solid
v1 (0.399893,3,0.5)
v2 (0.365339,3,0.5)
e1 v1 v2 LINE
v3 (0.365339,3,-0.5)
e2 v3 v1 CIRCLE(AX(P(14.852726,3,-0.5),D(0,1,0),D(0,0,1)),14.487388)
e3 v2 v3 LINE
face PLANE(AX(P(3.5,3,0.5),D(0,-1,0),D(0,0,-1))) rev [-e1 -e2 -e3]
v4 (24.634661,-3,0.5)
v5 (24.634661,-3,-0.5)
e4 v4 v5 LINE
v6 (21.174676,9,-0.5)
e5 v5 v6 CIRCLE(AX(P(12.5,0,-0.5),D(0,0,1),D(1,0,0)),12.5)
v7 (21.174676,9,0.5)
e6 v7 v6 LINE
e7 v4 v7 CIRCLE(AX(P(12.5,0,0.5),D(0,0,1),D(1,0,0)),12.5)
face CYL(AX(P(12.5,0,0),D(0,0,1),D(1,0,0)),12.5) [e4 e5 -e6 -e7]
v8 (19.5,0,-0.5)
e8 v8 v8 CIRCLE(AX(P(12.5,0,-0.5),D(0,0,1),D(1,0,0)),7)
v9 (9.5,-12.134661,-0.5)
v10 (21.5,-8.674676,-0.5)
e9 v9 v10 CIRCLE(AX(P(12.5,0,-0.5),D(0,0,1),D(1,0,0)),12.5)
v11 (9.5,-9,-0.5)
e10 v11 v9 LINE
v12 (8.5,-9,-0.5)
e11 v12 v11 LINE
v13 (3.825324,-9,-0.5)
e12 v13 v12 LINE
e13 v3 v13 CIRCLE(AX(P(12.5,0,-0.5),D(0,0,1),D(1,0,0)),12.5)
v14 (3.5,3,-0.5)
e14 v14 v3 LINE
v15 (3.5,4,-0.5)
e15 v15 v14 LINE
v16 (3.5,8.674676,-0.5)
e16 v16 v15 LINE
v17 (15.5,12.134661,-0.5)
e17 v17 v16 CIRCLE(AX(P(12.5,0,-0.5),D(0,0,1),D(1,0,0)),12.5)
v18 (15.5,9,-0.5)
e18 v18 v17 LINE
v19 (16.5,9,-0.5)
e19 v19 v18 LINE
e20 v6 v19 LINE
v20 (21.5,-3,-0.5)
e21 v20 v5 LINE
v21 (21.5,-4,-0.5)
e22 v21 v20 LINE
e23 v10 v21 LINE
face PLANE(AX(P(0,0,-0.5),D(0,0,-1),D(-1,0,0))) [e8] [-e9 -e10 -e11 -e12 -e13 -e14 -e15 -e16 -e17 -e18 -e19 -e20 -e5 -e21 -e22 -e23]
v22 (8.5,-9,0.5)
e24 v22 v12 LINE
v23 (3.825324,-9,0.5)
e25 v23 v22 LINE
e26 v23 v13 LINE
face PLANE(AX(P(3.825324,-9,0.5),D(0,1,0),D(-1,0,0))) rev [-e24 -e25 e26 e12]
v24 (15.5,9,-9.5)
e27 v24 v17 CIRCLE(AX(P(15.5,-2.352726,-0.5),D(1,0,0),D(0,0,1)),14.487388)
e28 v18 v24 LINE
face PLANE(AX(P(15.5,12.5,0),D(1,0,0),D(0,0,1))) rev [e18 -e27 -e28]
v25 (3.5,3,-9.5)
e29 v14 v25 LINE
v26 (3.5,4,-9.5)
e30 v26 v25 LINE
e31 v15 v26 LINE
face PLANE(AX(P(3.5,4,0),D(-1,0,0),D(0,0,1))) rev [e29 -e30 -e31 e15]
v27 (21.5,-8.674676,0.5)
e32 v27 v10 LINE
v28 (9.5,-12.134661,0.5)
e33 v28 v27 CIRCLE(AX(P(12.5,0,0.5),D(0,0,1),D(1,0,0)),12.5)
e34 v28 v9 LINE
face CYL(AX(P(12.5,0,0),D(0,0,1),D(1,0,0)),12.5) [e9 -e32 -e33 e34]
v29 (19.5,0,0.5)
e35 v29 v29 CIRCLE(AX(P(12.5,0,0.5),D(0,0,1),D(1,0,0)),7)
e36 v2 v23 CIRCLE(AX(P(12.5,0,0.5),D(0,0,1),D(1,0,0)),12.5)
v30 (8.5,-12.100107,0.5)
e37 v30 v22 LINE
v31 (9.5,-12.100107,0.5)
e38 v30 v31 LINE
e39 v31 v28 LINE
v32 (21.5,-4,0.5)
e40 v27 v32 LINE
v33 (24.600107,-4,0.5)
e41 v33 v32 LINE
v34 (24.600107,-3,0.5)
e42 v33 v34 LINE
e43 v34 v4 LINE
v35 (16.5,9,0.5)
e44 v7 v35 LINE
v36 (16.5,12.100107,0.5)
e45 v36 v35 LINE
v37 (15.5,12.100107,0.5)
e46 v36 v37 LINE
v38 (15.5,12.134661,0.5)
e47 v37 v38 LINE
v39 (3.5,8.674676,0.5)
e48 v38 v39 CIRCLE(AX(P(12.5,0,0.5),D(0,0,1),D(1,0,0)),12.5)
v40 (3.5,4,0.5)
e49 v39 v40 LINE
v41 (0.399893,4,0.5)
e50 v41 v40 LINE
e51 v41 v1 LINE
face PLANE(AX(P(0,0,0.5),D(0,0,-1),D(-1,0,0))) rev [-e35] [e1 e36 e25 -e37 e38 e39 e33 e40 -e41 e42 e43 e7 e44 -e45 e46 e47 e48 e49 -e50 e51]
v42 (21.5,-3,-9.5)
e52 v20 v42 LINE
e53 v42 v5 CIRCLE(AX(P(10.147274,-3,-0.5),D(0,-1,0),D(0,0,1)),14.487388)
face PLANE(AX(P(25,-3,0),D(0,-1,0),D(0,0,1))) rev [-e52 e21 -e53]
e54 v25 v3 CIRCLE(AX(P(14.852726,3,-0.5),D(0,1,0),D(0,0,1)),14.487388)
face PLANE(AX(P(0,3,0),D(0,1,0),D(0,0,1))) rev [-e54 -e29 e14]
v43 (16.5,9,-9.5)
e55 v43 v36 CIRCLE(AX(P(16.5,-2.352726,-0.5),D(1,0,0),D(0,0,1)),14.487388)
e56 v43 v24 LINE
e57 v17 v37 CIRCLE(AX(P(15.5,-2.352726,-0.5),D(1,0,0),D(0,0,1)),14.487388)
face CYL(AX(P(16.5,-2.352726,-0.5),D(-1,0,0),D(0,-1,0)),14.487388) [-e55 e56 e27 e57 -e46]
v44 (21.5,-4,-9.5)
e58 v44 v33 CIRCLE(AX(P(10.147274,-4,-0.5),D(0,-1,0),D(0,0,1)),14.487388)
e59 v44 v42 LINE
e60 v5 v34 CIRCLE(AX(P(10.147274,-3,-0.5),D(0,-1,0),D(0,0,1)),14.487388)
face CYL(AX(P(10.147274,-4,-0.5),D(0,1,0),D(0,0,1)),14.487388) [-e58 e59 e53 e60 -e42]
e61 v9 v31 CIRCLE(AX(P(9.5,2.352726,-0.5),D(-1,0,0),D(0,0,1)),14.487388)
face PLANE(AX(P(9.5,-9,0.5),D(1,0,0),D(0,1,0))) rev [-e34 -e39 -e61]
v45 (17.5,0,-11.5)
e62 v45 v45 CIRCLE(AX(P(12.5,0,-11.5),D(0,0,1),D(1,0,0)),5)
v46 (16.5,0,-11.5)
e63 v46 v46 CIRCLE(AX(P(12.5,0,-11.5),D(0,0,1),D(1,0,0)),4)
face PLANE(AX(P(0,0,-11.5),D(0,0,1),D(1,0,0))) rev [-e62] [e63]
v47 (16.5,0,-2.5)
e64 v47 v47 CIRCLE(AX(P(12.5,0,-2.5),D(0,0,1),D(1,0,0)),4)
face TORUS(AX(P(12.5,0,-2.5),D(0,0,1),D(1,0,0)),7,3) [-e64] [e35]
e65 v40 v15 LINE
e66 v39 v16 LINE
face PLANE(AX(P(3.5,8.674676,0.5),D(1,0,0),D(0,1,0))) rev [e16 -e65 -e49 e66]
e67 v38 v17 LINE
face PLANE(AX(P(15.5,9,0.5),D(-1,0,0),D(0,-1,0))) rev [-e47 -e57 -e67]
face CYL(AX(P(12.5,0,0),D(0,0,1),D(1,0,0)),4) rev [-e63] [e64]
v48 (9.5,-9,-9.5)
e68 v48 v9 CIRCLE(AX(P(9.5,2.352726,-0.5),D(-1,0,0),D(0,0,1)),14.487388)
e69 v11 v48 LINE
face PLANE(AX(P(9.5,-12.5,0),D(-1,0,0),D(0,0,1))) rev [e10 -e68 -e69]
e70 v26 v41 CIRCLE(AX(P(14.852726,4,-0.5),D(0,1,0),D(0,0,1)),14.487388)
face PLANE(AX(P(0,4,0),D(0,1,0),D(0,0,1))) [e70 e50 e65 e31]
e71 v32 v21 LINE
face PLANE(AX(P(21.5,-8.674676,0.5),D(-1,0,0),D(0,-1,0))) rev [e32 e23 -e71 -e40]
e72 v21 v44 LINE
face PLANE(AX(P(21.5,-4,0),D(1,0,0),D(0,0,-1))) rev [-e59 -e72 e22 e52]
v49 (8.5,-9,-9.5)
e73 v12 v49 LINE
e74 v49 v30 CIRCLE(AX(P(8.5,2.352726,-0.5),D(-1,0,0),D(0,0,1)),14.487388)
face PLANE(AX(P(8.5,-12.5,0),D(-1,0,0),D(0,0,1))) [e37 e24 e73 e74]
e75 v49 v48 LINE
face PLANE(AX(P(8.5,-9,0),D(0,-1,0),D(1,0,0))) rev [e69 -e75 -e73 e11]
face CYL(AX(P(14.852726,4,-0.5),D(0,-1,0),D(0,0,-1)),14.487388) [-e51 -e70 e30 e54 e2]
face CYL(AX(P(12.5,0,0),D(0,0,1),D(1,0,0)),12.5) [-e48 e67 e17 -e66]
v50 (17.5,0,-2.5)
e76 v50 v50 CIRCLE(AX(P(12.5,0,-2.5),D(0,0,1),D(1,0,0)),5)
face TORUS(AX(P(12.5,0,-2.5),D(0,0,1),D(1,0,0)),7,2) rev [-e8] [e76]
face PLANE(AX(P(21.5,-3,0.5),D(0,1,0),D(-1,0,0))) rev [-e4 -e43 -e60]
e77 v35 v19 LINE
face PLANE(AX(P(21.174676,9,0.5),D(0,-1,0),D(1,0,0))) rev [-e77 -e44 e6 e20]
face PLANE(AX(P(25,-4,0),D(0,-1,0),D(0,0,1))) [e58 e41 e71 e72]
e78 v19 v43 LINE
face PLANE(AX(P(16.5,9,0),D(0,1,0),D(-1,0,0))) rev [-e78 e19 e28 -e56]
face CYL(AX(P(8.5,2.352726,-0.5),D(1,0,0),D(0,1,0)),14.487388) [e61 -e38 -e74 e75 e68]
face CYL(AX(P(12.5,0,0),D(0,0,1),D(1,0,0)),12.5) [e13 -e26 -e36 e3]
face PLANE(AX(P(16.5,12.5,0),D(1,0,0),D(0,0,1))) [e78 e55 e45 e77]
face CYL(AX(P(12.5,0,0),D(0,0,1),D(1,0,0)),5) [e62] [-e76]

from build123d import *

# Parameters (mm, degrees)
CUT_EXTRUDE1_DEPTH      = 12
CUT_EXTRUDE1_DEPTH_BACK = 2
BOSS_EXTRUDE1_DEPTH     = 1
CIRPATTERN4_COUNT       = 4


with BuildPart() as part:
    # Sketch1 → Revolve1 (revolve)
    with BuildSketch(Plane(origin=(0, 0, 0), x_dir=(1, 0, 0), z_dir=(0, 1, 0))):
        with BuildLine():
            Line((8.5, 7.032838072), (8.5, 2.5))
            ThreePointArc((8.5, 2.5), (7.621320344, 0.378679656), (5.5, -0.5))
            Line((5.5, -0.5), (0, -0.5))
            Line((0, -0.5), (0, 0.5))
            Line((0, 0.5), (5.5, 0.5))
            ThreePointArc((5.5, 0.5), (6.914213562, 1.085786438), (7.5, 2.5))
            Line((7.5, 2.5), (7.5, 11.5))
            Line((7.5, 11.5), (8.5, 11.5))
            Line((8.5, 11.5), (8.5, 7.032838072))
        make_face()
    revolve(axis=Axis((12.5, 0, 0), (0, 0, -1)))

    # Sketch2 → Cut-Extrude1 (cut, two sides)
    with BuildSketch(Plane(origin=(0, 0, -0.5), x_dir=(-1, 0, 0), z_dir=(0, 0, -1))) as cut_extrude1_sk:
        with BuildLine():
            Line((-3.5, 8.674675786), (-3.5, 3))
            Line((-3.5, 3), (-0.3653389, 3))
            ThreePointArc((-0.3653389, 3), (-1.558383974, 6.044091225), (-3.5, 8.674675786))
        make_face()
        with BuildLine():
            Line((-3.825324214, -9), (-9.5, -9))
            Line((-9.5, -9), (-9.5, -12.1346611))
            ThreePointArc((-9.5, -12.1346611), (-6.455908775, -10.941616026), (-3.825324214, -9))
        make_face()
        with BuildLine():
            Line((-21.5, -8.674675786), (-21.5, -3))
            Line((-21.5, -3), (-24.6346611, -3))
            ThreePointArc((-24.6346611, -3), (-23.441616026, -6.044091225), (-21.5, -8.674675786))
        make_face()
        with BuildLine():
            Line((-21.174675786, 9), (-15.5, 9))
            Line((-15.5, 9), (-15.5, 12.1346611))
            ThreePointArc((-15.5, 12.1346611), (-18.544091225, 10.941616026), (-21.174675786, 9))
        make_face()
    extrude(amount=CUT_EXTRUDE1_DEPTH, mode=Mode.SUBTRACT)
    extrude(cut_extrude1_sk.sketch, amount=-CUT_EXTRUDE1_DEPTH_BACK, mode=Mode.SUBTRACT)

    # Sketch3 → Boss-Extrude1 (add)
    with BuildSketch(Plane(origin=(0, 3, 0), x_dir=(1, 0, 0), z_dir=(0, 1, 0))):
        with BuildLine():
            Line((0.3653389, 0.5), (3.5, 0.5))
            Line((3.5, 0.5), (3.5, 9.5))
            ThreePointArc((3.5, 9.5), (1.171429987, 5.265136415), (0.3653389, 0.5))
        make_face()
        with BuildLine():
            Line((3.5, -0.5), (3.5, 0.5))
            Line((3.5, 0.5), (0.3653389, 0.5))
            ThreePointArc((0.3653389, 0.5), (0.373979974, -0.000298405), (0.399892887, -0.5))
            Line((0.399892887, -0.5), (3.5, -0.5))
        make_face()
    boss_extrude1 = extrude(amount=BOSS_EXTRUDE1_DEPTH)

    # CirPattern4: Boss-Extrude1 ×4 about axis
    cirpattern4_axis = Axis((12.5, 0, 0), (0, 0, 1))
    for i in range(1, CIRPATTERN4_COUNT):
        add(boss_extrude1.rotate(cirpattern4_axis, i * 360 / CIRPATTERN4_COUNT))


solid = part.part
